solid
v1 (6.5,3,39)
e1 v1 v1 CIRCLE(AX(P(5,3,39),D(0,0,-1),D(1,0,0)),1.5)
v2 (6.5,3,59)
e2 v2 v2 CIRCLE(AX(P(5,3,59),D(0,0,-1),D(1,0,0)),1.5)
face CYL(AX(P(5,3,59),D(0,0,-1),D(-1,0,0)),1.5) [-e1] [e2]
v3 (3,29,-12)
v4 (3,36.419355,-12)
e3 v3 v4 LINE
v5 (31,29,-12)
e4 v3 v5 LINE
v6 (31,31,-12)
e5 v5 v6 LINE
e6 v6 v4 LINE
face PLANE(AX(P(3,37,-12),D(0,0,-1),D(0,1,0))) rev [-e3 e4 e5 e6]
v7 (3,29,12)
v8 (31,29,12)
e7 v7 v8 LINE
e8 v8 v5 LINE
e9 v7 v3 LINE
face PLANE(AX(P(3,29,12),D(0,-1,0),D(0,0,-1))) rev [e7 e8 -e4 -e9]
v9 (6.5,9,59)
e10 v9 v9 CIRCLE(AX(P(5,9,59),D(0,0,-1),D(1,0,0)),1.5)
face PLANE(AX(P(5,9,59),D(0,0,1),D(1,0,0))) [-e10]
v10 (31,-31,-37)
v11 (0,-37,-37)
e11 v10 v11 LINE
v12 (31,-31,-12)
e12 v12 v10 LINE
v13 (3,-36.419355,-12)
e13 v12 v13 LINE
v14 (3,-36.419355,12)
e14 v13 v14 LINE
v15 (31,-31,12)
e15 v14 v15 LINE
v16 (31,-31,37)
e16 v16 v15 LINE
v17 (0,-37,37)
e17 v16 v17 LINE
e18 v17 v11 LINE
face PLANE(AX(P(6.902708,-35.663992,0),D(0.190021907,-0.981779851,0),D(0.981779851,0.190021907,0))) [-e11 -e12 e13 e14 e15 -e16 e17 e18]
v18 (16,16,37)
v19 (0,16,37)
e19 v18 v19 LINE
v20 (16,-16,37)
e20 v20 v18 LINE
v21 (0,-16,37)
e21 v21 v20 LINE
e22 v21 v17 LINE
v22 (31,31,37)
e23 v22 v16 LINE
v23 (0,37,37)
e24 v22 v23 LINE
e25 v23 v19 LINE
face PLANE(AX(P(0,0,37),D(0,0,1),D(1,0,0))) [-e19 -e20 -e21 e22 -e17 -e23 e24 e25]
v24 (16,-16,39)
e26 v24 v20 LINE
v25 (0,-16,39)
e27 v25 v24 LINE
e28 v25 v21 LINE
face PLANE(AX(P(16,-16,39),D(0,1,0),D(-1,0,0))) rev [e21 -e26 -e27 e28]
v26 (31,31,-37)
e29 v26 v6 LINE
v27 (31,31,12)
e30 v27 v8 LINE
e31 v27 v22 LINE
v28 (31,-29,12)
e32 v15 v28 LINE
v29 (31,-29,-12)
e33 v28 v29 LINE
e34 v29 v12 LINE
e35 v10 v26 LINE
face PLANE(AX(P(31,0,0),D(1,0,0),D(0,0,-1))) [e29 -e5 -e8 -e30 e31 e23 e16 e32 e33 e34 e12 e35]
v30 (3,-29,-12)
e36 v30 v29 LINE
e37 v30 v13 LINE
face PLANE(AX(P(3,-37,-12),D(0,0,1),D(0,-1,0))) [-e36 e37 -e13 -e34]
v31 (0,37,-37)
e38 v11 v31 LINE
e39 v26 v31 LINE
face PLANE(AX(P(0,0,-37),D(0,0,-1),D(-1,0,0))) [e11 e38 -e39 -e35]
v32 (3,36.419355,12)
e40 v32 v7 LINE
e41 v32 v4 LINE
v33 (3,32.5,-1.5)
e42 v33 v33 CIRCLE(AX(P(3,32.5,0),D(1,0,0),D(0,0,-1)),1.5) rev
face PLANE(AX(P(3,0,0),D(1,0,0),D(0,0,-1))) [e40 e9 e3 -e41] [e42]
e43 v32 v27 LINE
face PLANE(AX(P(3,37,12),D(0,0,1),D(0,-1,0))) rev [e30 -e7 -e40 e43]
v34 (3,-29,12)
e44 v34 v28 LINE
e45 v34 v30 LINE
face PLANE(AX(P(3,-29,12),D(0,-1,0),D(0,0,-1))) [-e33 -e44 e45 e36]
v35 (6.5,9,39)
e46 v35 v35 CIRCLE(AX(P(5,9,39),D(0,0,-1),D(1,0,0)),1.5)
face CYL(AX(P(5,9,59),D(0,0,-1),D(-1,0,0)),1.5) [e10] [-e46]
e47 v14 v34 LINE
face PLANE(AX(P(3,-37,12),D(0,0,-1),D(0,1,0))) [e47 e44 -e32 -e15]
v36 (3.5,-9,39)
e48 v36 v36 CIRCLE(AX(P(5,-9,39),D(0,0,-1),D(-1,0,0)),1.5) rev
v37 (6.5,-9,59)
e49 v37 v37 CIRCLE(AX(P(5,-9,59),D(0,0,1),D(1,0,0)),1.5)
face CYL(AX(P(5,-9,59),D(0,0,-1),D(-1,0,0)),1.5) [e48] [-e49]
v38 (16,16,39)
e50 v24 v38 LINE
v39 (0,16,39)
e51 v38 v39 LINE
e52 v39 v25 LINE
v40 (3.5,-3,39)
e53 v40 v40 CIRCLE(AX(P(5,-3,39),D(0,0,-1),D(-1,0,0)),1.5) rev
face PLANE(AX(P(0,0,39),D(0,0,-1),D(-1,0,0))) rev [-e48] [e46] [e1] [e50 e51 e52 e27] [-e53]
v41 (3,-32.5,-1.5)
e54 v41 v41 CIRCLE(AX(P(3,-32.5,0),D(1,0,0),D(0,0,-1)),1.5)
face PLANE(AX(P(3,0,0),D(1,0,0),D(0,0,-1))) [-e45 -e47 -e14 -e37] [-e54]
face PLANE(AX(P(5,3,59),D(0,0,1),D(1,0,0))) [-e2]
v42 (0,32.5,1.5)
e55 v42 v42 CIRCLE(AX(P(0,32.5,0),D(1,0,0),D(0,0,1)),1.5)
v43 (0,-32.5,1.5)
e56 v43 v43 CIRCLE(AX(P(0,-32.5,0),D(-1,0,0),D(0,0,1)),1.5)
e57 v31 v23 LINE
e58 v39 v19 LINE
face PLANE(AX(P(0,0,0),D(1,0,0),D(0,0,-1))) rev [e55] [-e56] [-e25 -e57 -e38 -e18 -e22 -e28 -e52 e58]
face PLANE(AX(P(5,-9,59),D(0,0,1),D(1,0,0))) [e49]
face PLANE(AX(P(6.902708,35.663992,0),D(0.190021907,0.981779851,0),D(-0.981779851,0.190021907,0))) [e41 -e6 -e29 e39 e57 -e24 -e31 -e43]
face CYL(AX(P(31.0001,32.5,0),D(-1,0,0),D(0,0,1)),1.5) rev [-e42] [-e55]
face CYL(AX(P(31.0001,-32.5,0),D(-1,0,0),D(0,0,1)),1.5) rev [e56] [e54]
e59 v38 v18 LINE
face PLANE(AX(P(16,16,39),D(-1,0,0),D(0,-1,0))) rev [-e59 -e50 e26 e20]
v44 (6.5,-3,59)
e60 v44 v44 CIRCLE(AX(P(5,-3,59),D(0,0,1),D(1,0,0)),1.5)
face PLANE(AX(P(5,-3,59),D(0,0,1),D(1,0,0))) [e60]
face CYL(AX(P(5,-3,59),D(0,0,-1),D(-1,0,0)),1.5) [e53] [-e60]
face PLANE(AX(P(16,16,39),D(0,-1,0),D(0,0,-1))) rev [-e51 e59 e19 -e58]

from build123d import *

# Parameters (mm, degrees)
SKETCH_3_W          = 24
SKETCH_3_H          = 8
CUT_EXTRUDE_1_DEPTH = 28
SKETCH_4_W          = 16
SKETCH_4_H          = 32
EXTRUDE_1_DEPTH     = 2
SKETCH_5_R          = 1.5
EXTRUDE_2_DEPTH     = 20
SKETCH_6_R          = 1.5
CUT_EXTRUDE_2_DEPTH = 77.229915477


with BuildPart() as part:
    # 草图2 → 放样1 section 0
    with BuildSketch(Plane(origin=(31, 0, 0), x_dir=(0, 0, -1), z_dir=(1, 0, 0))):
        with BuildLine():
            Line((-37, 31), (37, 31))
            Line((37, 31), (37, -31))
            Line((37, -31), (-37, -31))
            Line((-37, -31), (-37, 31))
        make_face()
    # 草图1 → 放样1 section 1
    with BuildSketch(Plane(origin=(0, 0, 0), x_dir=(0, 0, -1), z_dir=(1, 0, 0))):
        with BuildLine():
            Line((-37, 37), (37, 37))
            Line((37, 37), (37, -37))
            Line((37, -37), (-37, -37))
            Line((-37, -37), (-37, 37))
        make_face()
    loft()

    # 草图3 → 切除-拉伸1 (cut)
    with BuildSketch(Plane(origin=(31, 0, 0), x_dir=(0, 0, -1), z_dir=(1, 0, 0))):
        with Locations((0, 33)):
            Rectangle(SKETCH_3_W, SKETCH_3_H)
    cut_extrude_1 = extrude(amount=-CUT_EXTRUDE_1_DEPTH, mode=Mode.SUBTRACT)

    # 镜向1: 切除-拉伸1 across plane
    add(cut_extrude_1.mirror(Plane.ZX), mode=Mode.SUBTRACT)

    # 草图4 → 凸台-拉伸1 (add)
    with BuildSketch(Plane.XY.offset(37)):
        with Locations((8, 0)):
            Rectangle(SKETCH_4_W, SKETCH_4_H)
    extrude(amount=EXTRUDE_1_DEPTH)

    # 草图5 → 凸台-拉伸2 (add)
    with BuildSketch(Plane.XY.offset(39)):
        with Locations(Location((5, -3, 0), (0, 0, 180))):
            Circle(SKETCH_5_R)
        with Locations(Location((5, -9, 0), (0, 0, 180))):
            Circle(SKETCH_5_R)
    extrude_2 = extrude(amount=EXTRUDE_2_DEPTH)

    # 镜向2: 凸台-拉伸2 across plane
    add(extrude_2.mirror(Plane.ZX))

    # 草图6 → 切除-拉伸2 (cut, through all)
    with BuildSketch(Plane.ZY):
        with Locations((0, -32.5)):
            Circle(SKETCH_6_R)
    cut_extrude_2 = extrude(amount=-CUT_EXTRUDE_2_DEPTH, mode=Mode.SUBTRACT)

    # 镜向3: 切除-拉伸2 across plane
    add(cut_extrude_2.mirror(Plane.ZX), mode=Mode.SUBTRACT)


solid = part.part
